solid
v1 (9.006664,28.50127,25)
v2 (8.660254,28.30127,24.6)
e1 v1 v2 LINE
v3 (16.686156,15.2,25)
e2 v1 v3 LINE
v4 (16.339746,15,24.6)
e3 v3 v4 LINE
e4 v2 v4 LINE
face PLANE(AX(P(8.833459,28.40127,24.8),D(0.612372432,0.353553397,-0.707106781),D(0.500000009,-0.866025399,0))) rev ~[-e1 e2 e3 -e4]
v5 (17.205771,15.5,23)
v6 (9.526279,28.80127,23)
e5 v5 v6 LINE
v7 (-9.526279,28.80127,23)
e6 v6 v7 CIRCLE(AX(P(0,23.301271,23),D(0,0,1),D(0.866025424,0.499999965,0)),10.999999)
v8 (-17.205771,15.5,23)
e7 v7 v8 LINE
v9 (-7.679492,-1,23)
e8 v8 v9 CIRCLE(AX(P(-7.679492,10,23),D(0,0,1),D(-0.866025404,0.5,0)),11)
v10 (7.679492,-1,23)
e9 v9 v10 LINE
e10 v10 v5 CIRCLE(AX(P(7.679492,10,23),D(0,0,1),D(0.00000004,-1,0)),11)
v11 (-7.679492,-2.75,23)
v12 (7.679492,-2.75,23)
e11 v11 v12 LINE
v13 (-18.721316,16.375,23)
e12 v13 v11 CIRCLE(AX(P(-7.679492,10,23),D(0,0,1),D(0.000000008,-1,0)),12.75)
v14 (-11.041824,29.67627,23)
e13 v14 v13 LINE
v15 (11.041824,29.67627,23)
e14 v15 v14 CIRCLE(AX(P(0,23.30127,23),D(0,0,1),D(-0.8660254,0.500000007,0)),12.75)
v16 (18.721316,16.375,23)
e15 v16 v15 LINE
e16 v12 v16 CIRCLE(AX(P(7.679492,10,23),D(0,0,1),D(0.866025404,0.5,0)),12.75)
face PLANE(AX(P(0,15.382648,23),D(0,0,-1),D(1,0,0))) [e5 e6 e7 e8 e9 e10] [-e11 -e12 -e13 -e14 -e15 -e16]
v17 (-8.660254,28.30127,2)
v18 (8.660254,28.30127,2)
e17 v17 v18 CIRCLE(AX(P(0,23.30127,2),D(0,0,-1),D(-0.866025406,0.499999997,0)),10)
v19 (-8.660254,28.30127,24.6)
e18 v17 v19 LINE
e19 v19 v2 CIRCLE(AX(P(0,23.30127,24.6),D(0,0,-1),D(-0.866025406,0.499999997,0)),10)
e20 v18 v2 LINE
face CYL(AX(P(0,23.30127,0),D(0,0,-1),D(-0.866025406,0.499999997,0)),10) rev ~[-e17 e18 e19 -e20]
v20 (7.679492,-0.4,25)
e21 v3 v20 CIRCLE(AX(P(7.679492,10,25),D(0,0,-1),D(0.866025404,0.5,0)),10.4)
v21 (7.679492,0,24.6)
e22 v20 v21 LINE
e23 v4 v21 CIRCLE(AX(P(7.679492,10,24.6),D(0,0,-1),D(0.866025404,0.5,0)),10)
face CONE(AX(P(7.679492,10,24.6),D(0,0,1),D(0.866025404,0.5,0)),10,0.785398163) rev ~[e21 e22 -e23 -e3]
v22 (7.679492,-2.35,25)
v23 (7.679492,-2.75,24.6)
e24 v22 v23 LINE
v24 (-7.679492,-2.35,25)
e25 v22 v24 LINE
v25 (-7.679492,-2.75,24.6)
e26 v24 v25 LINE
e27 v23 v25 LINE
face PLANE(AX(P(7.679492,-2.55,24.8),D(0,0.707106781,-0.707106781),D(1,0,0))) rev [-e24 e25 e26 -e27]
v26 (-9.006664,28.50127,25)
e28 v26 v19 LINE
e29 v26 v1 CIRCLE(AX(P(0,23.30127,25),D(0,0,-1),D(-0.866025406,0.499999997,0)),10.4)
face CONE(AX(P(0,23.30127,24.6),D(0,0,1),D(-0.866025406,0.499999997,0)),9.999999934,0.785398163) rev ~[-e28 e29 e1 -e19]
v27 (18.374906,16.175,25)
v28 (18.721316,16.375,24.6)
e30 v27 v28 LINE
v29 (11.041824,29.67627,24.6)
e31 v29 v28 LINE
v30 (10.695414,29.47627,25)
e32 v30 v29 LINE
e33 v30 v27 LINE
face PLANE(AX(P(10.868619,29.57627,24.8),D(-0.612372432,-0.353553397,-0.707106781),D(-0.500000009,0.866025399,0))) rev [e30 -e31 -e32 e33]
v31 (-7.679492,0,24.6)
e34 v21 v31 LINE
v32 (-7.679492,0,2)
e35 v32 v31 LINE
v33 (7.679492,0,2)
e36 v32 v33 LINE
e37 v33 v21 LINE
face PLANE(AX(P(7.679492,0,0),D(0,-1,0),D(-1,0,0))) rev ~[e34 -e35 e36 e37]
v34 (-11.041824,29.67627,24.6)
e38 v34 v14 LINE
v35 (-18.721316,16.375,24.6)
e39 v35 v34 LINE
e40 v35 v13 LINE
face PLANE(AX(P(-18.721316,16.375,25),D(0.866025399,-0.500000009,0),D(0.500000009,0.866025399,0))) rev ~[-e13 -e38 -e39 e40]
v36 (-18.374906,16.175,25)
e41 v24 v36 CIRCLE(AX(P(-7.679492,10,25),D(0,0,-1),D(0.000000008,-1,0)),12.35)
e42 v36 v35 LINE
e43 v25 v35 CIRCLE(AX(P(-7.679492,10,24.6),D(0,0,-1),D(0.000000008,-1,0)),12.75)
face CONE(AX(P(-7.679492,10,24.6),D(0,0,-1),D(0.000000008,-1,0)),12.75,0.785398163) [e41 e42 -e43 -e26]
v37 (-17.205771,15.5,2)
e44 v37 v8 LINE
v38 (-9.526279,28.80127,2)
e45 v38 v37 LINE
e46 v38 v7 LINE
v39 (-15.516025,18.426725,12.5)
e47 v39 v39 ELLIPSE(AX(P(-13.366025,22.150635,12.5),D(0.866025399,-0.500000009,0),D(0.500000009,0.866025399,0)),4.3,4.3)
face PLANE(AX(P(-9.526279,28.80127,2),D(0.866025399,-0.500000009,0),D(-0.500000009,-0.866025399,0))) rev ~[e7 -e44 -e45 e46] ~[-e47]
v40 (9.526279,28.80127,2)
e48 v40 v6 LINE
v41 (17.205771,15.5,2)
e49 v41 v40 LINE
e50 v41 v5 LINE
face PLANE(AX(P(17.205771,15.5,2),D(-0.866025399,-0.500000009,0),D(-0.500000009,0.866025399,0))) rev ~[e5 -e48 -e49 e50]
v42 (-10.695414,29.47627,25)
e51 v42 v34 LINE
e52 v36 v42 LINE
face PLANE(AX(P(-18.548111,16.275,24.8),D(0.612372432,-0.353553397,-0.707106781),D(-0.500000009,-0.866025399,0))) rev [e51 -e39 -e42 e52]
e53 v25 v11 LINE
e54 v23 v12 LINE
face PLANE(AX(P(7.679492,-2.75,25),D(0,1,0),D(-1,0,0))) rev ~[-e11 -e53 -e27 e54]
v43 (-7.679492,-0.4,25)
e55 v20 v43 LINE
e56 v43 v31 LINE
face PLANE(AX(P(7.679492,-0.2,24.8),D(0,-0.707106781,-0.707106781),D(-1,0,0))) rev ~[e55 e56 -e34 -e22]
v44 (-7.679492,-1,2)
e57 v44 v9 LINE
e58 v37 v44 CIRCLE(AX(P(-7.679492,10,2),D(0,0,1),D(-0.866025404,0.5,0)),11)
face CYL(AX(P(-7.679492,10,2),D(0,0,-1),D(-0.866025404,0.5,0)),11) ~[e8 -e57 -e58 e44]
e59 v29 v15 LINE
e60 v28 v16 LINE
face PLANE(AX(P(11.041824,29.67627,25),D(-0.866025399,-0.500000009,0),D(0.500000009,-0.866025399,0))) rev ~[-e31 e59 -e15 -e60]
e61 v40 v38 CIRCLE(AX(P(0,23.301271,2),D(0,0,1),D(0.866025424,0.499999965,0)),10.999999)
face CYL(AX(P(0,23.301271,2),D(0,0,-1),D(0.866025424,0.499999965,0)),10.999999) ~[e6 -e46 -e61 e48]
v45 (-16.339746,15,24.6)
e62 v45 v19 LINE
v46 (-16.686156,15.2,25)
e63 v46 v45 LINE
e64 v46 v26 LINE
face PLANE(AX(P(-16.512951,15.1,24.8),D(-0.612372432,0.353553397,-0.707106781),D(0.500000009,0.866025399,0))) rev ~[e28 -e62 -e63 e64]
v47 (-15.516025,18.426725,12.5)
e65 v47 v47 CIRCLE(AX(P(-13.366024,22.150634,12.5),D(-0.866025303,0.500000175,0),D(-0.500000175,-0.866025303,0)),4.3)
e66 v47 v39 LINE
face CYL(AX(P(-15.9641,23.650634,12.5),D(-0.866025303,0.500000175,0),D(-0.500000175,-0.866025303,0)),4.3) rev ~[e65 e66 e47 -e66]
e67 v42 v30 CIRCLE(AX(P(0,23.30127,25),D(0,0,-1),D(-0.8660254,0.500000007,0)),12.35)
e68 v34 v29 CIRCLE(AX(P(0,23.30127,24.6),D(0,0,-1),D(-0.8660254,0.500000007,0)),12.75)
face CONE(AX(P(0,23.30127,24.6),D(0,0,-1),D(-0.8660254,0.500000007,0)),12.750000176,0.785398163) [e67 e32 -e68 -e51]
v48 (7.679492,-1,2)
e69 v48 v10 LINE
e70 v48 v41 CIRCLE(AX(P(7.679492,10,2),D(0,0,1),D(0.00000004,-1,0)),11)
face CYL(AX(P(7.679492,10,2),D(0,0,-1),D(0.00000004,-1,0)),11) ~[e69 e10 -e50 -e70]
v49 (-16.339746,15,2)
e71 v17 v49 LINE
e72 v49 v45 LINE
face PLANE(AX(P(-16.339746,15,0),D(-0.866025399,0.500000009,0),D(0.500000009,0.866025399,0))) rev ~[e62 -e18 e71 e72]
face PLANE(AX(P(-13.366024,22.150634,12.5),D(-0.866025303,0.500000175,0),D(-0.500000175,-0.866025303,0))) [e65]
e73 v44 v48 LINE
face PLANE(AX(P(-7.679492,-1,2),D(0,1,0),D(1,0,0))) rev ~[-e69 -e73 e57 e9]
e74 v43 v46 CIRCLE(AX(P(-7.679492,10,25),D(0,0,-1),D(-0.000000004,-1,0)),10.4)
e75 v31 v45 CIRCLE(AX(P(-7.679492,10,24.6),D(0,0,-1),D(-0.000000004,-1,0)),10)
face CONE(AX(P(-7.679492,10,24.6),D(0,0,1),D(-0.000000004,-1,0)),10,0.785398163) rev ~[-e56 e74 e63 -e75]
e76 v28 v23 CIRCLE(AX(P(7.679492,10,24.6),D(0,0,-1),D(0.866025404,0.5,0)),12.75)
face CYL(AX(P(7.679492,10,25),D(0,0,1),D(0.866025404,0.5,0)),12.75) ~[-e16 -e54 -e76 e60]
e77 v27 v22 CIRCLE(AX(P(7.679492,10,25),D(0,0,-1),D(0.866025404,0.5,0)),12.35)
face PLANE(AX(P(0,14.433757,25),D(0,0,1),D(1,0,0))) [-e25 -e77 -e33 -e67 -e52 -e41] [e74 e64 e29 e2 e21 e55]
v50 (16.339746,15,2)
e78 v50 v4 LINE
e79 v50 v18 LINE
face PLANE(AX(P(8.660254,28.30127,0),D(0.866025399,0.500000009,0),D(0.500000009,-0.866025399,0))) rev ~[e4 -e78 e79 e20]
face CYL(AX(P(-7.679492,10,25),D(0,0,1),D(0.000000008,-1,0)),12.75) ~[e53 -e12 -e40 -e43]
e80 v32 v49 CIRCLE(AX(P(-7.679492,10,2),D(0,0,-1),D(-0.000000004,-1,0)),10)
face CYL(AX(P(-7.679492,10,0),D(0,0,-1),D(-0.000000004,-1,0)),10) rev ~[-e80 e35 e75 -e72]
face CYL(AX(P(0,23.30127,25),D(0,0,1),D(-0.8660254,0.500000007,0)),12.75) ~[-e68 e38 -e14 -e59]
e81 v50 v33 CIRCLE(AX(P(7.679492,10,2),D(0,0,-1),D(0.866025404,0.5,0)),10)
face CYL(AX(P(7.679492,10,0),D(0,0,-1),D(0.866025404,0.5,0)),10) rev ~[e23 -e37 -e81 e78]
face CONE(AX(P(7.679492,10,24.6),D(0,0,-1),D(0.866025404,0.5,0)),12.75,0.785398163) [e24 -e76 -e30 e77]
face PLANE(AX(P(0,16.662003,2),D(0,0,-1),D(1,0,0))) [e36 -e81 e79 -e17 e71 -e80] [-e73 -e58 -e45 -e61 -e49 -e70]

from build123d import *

# Parameters (mm, degrees)
F1_DEPTH      = 25
F2_R          = 4.3
F3_DEPTH      = 3
F3_DEPTH_BACK = 0.65
F5_R          = 40.103887
F6_DEPTH      = 2
F7_R          = 28.872497
F8_DEPTH      = 21
F9_R          = 30.144829
F10_DEPTH     = 25
F11_SIZE      = 0.4


with BuildPart() as f1:
    # F0 (on Top) → F1 (new body)
    with BuildSketch(Plane.XY):
        with BuildLine():
            ThreePointArc((7.679492, -4), (19.803848, 3), (19.803848, 17))
            Line((19.803848, 17), (12.124356, 30.30127))
            ThreePointArc((12.124356, 30.30127), (0, 37.30127), (-12.124356, 30.30127))
            Line((-12.124356, 30.30127), (-19.803848, 17))
            ThreePointArc((-19.803848, 17), (-19.803848, 3), (-7.679492, -4))
            Line((-7.679492, -4), (0, -4))
            Line((0, -4), (7.679492, -4))
        make_face()
        with BuildLine():
            Line((7.679492, 0), (0, 0))
            Line((0, 0), (-7.679492, 0))
            ThreePointArc((-7.679492, 0), (-16.339746, 5), (-16.339746, 15))
            Line((-16.339746, 15), (-8.660254, 28.30127))
            ThreePointArc((-8.660254, 28.30127), (0, 33.30127), (8.660254, 28.30127))
            Line((8.660254, 28.30127), (16.339746, 15))
            ThreePointArc((16.339746, 15), (16.339746, 5), (7.679492, 0))
        make_face(mode=Mode.SUBTRACT)
    extrude(amount=F1_DEPTH)

    # F2 (on face) → F3 (cut, two sides)
    with BuildSketch(Plane(origin=(-22.214102, 12.825318, 0), x_dir=(-0.5, -0.866025, 0), z_dir=(-0.866025, 0.5, 0))) as f3_sk:
        with Locations((-12.5, 12.5)):
            Circle(F2_R)
    extrude(amount=-F3_DEPTH, mode=Mode.SUBTRACT)
    extrude(f3_sk.sketch, amount=-F3_DEPTH_BACK, mode=Mode.SUBTRACT)

    # F5 (on face) → F6 (cut)
    with BuildSketch(Plane(origin=(0, 0, 0), x_dir=(1, 0, 0), z_dir=(0, 0, -1))):
        with Locations((0, -16.662003)):
            Circle(F5_R)
    extrude(amount=-F6_DEPTH, mode=Mode.SUBTRACT)

    # F7 (on face) → F8 (cut)
    with BuildSketch(Plane(origin=(0, 0, 2), x_dir=(1, 0, 0), z_dir=(0, 0, -1))):
        with Locations((0, -15.382648)):
            Circle(F7_R)
        with BuildLine():
            Line((-9.526279, -28.80127), (-17.205771, -15.5))
            ThreePointArc((-17.205771, -15.5), (-17.205771, -4.5), (-7.679492, 1))
            Line((-7.679492, 1), (7.679492, 1))
            ThreePointArc((7.679492, 1), (17.205771, -4.5), (17.205771, -15.5))
            Line((17.205771, -15.5), (9.526279, -28.80127))
            ThreePointArc((9.526279, -28.80127), (0, -34.30127), (-9.526279, -28.80127))
        make_face(mode=Mode.SUBTRACT)
    extrude(amount=-F8_DEPTH, mode=Mode.SUBTRACT)

    # F9 (on face) → F10 (cut)
    with BuildSketch(Plane.XY.offset(25)):
        with Locations((-0.752793, 11.019209)):
            Circle(F9_R)
        with BuildLine():
            ThreePointArc((-7.679492, -2.75), (-18.721316, 3.625), (-18.721316, 16.375))
            Line((-18.721316, 16.375), (-11.041824, 29.67627))
            ThreePointArc((-11.041824, 29.67627), (0, 36.05127), (11.041824, 29.67627))
            Line((11.041824, 29.67627), (18.721316, 16.375))
            ThreePointArc((18.721316, 16.375), (18.721316, 3.625), (7.679492, -2.75))
            Line((7.679492, -2.75), (-7.679492, -2.75))
        make_face(mode=Mode.SUBTRACT)
    extrude(amount=-F10_DEPTH, mode=Mode.SUBTRACT)

    # F11
    f11_edges = [f1.edges().sort_by_distance(p)[0] for p in [
        (-14.88157, 23.025635, 25),
        (-12.5, 21.650635, 25),
    ]]
    chamfer(f11_edges, length=F11_SIZE)


solid = f1.part
